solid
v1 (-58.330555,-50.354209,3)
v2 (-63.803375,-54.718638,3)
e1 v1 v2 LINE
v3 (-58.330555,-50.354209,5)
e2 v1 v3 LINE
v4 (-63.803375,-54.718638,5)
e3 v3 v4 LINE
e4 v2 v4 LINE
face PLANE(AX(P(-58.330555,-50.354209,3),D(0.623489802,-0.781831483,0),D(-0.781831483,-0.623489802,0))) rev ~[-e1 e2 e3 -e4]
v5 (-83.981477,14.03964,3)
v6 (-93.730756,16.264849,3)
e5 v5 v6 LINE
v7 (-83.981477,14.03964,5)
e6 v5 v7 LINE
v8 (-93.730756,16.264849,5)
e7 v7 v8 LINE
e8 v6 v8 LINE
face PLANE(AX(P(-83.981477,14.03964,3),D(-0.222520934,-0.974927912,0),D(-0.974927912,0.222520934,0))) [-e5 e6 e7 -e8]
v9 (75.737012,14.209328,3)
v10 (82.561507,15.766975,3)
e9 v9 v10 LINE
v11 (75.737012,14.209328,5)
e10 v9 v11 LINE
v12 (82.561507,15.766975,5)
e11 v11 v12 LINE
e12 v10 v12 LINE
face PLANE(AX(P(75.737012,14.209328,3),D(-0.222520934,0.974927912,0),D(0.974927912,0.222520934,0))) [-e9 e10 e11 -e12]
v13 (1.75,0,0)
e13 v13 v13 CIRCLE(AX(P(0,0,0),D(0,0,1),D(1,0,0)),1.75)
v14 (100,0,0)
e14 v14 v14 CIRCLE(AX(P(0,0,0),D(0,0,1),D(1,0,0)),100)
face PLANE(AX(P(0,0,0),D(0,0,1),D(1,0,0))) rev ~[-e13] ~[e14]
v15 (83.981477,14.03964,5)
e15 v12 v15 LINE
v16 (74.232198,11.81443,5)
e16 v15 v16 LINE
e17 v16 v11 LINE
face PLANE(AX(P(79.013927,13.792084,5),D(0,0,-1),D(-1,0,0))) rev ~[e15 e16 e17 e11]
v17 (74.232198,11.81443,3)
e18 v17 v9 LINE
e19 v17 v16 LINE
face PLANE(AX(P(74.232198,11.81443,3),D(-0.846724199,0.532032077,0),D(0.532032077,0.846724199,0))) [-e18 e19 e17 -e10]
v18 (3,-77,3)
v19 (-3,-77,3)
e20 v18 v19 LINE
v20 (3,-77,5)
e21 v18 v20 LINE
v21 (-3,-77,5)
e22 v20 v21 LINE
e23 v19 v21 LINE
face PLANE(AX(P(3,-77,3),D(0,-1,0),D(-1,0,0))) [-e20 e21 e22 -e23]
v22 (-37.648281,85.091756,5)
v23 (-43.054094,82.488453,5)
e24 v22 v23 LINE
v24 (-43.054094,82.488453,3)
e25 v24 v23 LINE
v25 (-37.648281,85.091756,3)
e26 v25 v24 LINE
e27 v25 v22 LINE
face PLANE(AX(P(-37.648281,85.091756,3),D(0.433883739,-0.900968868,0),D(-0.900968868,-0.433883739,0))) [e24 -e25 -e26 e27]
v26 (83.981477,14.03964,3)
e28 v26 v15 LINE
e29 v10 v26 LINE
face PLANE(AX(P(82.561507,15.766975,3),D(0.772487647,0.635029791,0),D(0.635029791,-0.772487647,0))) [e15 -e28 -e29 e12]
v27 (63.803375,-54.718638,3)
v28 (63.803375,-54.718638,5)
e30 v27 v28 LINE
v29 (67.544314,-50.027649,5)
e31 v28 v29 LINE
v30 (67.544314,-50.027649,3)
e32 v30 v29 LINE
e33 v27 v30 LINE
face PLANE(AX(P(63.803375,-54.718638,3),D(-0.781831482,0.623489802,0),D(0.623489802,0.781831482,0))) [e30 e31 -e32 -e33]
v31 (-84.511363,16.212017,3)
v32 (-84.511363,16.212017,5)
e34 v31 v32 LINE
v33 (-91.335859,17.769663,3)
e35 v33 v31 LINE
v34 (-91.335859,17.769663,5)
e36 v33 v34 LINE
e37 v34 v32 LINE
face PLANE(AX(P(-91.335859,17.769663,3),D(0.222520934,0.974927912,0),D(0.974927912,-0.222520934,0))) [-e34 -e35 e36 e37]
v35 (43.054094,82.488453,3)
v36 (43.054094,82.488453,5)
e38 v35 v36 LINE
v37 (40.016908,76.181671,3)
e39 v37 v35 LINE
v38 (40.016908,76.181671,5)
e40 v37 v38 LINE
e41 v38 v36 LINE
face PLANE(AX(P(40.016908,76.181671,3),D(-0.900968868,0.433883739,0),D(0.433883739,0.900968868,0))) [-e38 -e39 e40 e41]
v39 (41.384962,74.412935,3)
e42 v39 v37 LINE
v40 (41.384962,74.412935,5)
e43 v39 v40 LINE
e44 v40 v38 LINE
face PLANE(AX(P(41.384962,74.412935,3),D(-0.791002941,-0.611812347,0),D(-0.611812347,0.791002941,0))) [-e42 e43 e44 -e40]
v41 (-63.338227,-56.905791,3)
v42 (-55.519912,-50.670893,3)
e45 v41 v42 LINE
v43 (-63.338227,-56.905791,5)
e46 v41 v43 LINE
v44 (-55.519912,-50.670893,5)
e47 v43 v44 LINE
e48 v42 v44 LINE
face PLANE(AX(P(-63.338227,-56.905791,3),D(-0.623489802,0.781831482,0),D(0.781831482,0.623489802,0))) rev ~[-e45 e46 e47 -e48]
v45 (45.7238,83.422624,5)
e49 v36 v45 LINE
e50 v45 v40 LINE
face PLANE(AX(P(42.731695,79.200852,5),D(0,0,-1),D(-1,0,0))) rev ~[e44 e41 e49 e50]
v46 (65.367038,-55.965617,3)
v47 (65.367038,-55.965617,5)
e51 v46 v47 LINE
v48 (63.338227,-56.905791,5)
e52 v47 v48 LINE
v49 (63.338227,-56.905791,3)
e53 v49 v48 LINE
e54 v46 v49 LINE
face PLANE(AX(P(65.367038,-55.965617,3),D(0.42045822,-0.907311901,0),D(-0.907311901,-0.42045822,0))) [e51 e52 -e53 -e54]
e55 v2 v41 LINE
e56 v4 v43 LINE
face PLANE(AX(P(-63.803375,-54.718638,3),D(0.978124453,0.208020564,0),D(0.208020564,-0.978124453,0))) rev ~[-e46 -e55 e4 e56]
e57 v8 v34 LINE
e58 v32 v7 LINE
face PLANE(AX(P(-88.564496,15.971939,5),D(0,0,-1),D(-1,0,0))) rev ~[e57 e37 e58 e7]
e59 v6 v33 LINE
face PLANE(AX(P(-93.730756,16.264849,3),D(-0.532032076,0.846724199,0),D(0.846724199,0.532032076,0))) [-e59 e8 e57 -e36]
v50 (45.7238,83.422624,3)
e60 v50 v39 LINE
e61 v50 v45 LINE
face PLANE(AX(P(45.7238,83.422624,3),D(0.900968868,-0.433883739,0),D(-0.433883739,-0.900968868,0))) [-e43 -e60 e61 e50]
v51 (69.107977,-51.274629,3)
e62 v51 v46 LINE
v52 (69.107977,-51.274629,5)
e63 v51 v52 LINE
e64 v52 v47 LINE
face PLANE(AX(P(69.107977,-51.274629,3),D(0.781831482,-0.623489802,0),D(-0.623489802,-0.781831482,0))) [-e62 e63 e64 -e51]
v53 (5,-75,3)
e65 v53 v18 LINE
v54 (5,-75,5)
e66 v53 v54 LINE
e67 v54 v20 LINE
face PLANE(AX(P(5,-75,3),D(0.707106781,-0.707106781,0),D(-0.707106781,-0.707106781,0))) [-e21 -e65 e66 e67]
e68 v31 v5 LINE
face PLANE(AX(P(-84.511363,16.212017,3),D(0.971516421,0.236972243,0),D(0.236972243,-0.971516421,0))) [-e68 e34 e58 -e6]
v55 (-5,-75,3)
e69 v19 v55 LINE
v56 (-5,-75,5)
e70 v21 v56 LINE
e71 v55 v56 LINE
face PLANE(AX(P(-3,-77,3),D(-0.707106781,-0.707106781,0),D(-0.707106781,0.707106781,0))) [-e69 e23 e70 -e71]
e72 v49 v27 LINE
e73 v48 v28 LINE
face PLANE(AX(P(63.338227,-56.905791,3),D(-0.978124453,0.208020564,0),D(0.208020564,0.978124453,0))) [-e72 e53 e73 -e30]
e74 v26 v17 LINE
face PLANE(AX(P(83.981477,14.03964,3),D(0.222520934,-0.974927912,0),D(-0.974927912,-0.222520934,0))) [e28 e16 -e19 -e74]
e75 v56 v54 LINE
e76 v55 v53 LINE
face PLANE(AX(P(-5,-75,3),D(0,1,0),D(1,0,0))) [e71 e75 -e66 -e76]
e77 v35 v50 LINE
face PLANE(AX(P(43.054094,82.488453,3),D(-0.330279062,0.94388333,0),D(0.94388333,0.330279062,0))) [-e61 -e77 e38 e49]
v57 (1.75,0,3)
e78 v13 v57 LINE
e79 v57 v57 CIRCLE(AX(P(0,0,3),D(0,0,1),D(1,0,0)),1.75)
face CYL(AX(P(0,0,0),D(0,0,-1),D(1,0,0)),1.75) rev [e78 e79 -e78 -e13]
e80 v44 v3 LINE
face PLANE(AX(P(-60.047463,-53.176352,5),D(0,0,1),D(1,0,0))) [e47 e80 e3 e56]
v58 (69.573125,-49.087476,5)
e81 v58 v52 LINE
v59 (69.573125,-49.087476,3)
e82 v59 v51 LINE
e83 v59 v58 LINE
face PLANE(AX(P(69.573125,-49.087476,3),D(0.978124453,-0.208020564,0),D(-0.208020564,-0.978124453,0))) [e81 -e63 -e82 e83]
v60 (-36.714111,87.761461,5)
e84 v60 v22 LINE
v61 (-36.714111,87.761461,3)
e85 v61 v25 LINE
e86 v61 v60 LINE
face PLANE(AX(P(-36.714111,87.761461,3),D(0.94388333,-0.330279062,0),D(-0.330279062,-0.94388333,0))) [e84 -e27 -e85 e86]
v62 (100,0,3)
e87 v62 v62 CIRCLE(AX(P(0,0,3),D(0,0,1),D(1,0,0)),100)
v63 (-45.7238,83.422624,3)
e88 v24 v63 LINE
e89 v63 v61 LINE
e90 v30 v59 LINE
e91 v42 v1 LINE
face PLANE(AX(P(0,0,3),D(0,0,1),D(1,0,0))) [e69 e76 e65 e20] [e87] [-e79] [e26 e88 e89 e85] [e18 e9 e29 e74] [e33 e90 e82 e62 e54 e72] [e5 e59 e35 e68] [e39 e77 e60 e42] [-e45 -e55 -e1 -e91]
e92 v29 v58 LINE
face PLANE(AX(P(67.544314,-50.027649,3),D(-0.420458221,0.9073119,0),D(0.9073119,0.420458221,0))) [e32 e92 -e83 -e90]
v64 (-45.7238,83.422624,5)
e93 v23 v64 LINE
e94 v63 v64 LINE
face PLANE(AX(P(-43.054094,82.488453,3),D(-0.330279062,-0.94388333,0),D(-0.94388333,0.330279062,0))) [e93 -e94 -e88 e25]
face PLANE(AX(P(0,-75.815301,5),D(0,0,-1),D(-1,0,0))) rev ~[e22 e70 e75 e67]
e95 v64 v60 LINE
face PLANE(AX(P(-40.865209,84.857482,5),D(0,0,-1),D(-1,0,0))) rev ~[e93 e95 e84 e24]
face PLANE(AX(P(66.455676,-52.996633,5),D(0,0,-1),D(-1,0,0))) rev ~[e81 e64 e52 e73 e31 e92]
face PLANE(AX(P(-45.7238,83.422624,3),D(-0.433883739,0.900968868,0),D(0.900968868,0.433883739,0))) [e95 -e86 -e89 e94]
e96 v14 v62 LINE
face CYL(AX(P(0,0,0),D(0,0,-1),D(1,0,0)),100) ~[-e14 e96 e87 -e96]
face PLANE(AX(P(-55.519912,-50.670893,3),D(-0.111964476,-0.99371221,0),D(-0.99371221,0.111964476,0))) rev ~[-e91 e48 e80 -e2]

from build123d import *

# Parameters (mm, degrees)
SKETCH1_R           = 100
SKETCH1_R_2         = 1.75
BOSS_EXTRUDE1_DEPTH = 3
BOSS_EXTRUDE2_DEPTH = 2


with BuildPart() as part:
    # Sketch1 → Boss-Extrude1 (new body)
    with BuildSketch(Plane.XY):
        Circle(SKETCH1_R)
        Circle(SKETCH1_R_2, mode=Mode.SUBTRACT)
    extrude(amount=BOSS_EXTRUDE1_DEPTH)

    # Sketch2 → Boss-Extrude2 (add)
    with BuildSketch(Plane.XY.offset(3)):
        Polygon((-3, -77), (-5, -75), (5, -75), (3, -77), align=None)
        Polygon((-58.330554744, -50.354209191), (-63.803375122, -54.718637804), (-63.338227, -56.90579057), (-55.519912176, -50.670892552), align=None)
        Polygon((-91.335858635, 17.769663121), (-84.51136325, 16.212016584), (-83.981477205, 14.039639825), (-93.730756327, 16.264849165), align=None)
        Polygon((-43.054094342, 82.488453498), (-45.723799556, 83.422623755), (-36.714110877, 87.761461146), (-37.648281134, 85.091755932), align=None)
        Polygon((43.054094342, 82.488453498), (45.723799556, 83.422623755), (41.384962165, 74.412935076), (40.016908168, 76.181671422), align=None)
        Polygon((82.561507425, 15.766974716), (83.981477205, 14.039639825), (74.232198083, 11.814430486), (75.73701204, 14.209328178), align=None)
        Polygon((69.573125019, -49.087475746), (69.107976898, -51.274628512), (65.367038087, -55.965617407), (63.338227, -56.90579057), (63.803375122, -54.718637804), (67.544313933, -50.027648909), align=None)
    extrude(amount=BOSS_EXTRUDE2_DEPTH)


solid = part.part
